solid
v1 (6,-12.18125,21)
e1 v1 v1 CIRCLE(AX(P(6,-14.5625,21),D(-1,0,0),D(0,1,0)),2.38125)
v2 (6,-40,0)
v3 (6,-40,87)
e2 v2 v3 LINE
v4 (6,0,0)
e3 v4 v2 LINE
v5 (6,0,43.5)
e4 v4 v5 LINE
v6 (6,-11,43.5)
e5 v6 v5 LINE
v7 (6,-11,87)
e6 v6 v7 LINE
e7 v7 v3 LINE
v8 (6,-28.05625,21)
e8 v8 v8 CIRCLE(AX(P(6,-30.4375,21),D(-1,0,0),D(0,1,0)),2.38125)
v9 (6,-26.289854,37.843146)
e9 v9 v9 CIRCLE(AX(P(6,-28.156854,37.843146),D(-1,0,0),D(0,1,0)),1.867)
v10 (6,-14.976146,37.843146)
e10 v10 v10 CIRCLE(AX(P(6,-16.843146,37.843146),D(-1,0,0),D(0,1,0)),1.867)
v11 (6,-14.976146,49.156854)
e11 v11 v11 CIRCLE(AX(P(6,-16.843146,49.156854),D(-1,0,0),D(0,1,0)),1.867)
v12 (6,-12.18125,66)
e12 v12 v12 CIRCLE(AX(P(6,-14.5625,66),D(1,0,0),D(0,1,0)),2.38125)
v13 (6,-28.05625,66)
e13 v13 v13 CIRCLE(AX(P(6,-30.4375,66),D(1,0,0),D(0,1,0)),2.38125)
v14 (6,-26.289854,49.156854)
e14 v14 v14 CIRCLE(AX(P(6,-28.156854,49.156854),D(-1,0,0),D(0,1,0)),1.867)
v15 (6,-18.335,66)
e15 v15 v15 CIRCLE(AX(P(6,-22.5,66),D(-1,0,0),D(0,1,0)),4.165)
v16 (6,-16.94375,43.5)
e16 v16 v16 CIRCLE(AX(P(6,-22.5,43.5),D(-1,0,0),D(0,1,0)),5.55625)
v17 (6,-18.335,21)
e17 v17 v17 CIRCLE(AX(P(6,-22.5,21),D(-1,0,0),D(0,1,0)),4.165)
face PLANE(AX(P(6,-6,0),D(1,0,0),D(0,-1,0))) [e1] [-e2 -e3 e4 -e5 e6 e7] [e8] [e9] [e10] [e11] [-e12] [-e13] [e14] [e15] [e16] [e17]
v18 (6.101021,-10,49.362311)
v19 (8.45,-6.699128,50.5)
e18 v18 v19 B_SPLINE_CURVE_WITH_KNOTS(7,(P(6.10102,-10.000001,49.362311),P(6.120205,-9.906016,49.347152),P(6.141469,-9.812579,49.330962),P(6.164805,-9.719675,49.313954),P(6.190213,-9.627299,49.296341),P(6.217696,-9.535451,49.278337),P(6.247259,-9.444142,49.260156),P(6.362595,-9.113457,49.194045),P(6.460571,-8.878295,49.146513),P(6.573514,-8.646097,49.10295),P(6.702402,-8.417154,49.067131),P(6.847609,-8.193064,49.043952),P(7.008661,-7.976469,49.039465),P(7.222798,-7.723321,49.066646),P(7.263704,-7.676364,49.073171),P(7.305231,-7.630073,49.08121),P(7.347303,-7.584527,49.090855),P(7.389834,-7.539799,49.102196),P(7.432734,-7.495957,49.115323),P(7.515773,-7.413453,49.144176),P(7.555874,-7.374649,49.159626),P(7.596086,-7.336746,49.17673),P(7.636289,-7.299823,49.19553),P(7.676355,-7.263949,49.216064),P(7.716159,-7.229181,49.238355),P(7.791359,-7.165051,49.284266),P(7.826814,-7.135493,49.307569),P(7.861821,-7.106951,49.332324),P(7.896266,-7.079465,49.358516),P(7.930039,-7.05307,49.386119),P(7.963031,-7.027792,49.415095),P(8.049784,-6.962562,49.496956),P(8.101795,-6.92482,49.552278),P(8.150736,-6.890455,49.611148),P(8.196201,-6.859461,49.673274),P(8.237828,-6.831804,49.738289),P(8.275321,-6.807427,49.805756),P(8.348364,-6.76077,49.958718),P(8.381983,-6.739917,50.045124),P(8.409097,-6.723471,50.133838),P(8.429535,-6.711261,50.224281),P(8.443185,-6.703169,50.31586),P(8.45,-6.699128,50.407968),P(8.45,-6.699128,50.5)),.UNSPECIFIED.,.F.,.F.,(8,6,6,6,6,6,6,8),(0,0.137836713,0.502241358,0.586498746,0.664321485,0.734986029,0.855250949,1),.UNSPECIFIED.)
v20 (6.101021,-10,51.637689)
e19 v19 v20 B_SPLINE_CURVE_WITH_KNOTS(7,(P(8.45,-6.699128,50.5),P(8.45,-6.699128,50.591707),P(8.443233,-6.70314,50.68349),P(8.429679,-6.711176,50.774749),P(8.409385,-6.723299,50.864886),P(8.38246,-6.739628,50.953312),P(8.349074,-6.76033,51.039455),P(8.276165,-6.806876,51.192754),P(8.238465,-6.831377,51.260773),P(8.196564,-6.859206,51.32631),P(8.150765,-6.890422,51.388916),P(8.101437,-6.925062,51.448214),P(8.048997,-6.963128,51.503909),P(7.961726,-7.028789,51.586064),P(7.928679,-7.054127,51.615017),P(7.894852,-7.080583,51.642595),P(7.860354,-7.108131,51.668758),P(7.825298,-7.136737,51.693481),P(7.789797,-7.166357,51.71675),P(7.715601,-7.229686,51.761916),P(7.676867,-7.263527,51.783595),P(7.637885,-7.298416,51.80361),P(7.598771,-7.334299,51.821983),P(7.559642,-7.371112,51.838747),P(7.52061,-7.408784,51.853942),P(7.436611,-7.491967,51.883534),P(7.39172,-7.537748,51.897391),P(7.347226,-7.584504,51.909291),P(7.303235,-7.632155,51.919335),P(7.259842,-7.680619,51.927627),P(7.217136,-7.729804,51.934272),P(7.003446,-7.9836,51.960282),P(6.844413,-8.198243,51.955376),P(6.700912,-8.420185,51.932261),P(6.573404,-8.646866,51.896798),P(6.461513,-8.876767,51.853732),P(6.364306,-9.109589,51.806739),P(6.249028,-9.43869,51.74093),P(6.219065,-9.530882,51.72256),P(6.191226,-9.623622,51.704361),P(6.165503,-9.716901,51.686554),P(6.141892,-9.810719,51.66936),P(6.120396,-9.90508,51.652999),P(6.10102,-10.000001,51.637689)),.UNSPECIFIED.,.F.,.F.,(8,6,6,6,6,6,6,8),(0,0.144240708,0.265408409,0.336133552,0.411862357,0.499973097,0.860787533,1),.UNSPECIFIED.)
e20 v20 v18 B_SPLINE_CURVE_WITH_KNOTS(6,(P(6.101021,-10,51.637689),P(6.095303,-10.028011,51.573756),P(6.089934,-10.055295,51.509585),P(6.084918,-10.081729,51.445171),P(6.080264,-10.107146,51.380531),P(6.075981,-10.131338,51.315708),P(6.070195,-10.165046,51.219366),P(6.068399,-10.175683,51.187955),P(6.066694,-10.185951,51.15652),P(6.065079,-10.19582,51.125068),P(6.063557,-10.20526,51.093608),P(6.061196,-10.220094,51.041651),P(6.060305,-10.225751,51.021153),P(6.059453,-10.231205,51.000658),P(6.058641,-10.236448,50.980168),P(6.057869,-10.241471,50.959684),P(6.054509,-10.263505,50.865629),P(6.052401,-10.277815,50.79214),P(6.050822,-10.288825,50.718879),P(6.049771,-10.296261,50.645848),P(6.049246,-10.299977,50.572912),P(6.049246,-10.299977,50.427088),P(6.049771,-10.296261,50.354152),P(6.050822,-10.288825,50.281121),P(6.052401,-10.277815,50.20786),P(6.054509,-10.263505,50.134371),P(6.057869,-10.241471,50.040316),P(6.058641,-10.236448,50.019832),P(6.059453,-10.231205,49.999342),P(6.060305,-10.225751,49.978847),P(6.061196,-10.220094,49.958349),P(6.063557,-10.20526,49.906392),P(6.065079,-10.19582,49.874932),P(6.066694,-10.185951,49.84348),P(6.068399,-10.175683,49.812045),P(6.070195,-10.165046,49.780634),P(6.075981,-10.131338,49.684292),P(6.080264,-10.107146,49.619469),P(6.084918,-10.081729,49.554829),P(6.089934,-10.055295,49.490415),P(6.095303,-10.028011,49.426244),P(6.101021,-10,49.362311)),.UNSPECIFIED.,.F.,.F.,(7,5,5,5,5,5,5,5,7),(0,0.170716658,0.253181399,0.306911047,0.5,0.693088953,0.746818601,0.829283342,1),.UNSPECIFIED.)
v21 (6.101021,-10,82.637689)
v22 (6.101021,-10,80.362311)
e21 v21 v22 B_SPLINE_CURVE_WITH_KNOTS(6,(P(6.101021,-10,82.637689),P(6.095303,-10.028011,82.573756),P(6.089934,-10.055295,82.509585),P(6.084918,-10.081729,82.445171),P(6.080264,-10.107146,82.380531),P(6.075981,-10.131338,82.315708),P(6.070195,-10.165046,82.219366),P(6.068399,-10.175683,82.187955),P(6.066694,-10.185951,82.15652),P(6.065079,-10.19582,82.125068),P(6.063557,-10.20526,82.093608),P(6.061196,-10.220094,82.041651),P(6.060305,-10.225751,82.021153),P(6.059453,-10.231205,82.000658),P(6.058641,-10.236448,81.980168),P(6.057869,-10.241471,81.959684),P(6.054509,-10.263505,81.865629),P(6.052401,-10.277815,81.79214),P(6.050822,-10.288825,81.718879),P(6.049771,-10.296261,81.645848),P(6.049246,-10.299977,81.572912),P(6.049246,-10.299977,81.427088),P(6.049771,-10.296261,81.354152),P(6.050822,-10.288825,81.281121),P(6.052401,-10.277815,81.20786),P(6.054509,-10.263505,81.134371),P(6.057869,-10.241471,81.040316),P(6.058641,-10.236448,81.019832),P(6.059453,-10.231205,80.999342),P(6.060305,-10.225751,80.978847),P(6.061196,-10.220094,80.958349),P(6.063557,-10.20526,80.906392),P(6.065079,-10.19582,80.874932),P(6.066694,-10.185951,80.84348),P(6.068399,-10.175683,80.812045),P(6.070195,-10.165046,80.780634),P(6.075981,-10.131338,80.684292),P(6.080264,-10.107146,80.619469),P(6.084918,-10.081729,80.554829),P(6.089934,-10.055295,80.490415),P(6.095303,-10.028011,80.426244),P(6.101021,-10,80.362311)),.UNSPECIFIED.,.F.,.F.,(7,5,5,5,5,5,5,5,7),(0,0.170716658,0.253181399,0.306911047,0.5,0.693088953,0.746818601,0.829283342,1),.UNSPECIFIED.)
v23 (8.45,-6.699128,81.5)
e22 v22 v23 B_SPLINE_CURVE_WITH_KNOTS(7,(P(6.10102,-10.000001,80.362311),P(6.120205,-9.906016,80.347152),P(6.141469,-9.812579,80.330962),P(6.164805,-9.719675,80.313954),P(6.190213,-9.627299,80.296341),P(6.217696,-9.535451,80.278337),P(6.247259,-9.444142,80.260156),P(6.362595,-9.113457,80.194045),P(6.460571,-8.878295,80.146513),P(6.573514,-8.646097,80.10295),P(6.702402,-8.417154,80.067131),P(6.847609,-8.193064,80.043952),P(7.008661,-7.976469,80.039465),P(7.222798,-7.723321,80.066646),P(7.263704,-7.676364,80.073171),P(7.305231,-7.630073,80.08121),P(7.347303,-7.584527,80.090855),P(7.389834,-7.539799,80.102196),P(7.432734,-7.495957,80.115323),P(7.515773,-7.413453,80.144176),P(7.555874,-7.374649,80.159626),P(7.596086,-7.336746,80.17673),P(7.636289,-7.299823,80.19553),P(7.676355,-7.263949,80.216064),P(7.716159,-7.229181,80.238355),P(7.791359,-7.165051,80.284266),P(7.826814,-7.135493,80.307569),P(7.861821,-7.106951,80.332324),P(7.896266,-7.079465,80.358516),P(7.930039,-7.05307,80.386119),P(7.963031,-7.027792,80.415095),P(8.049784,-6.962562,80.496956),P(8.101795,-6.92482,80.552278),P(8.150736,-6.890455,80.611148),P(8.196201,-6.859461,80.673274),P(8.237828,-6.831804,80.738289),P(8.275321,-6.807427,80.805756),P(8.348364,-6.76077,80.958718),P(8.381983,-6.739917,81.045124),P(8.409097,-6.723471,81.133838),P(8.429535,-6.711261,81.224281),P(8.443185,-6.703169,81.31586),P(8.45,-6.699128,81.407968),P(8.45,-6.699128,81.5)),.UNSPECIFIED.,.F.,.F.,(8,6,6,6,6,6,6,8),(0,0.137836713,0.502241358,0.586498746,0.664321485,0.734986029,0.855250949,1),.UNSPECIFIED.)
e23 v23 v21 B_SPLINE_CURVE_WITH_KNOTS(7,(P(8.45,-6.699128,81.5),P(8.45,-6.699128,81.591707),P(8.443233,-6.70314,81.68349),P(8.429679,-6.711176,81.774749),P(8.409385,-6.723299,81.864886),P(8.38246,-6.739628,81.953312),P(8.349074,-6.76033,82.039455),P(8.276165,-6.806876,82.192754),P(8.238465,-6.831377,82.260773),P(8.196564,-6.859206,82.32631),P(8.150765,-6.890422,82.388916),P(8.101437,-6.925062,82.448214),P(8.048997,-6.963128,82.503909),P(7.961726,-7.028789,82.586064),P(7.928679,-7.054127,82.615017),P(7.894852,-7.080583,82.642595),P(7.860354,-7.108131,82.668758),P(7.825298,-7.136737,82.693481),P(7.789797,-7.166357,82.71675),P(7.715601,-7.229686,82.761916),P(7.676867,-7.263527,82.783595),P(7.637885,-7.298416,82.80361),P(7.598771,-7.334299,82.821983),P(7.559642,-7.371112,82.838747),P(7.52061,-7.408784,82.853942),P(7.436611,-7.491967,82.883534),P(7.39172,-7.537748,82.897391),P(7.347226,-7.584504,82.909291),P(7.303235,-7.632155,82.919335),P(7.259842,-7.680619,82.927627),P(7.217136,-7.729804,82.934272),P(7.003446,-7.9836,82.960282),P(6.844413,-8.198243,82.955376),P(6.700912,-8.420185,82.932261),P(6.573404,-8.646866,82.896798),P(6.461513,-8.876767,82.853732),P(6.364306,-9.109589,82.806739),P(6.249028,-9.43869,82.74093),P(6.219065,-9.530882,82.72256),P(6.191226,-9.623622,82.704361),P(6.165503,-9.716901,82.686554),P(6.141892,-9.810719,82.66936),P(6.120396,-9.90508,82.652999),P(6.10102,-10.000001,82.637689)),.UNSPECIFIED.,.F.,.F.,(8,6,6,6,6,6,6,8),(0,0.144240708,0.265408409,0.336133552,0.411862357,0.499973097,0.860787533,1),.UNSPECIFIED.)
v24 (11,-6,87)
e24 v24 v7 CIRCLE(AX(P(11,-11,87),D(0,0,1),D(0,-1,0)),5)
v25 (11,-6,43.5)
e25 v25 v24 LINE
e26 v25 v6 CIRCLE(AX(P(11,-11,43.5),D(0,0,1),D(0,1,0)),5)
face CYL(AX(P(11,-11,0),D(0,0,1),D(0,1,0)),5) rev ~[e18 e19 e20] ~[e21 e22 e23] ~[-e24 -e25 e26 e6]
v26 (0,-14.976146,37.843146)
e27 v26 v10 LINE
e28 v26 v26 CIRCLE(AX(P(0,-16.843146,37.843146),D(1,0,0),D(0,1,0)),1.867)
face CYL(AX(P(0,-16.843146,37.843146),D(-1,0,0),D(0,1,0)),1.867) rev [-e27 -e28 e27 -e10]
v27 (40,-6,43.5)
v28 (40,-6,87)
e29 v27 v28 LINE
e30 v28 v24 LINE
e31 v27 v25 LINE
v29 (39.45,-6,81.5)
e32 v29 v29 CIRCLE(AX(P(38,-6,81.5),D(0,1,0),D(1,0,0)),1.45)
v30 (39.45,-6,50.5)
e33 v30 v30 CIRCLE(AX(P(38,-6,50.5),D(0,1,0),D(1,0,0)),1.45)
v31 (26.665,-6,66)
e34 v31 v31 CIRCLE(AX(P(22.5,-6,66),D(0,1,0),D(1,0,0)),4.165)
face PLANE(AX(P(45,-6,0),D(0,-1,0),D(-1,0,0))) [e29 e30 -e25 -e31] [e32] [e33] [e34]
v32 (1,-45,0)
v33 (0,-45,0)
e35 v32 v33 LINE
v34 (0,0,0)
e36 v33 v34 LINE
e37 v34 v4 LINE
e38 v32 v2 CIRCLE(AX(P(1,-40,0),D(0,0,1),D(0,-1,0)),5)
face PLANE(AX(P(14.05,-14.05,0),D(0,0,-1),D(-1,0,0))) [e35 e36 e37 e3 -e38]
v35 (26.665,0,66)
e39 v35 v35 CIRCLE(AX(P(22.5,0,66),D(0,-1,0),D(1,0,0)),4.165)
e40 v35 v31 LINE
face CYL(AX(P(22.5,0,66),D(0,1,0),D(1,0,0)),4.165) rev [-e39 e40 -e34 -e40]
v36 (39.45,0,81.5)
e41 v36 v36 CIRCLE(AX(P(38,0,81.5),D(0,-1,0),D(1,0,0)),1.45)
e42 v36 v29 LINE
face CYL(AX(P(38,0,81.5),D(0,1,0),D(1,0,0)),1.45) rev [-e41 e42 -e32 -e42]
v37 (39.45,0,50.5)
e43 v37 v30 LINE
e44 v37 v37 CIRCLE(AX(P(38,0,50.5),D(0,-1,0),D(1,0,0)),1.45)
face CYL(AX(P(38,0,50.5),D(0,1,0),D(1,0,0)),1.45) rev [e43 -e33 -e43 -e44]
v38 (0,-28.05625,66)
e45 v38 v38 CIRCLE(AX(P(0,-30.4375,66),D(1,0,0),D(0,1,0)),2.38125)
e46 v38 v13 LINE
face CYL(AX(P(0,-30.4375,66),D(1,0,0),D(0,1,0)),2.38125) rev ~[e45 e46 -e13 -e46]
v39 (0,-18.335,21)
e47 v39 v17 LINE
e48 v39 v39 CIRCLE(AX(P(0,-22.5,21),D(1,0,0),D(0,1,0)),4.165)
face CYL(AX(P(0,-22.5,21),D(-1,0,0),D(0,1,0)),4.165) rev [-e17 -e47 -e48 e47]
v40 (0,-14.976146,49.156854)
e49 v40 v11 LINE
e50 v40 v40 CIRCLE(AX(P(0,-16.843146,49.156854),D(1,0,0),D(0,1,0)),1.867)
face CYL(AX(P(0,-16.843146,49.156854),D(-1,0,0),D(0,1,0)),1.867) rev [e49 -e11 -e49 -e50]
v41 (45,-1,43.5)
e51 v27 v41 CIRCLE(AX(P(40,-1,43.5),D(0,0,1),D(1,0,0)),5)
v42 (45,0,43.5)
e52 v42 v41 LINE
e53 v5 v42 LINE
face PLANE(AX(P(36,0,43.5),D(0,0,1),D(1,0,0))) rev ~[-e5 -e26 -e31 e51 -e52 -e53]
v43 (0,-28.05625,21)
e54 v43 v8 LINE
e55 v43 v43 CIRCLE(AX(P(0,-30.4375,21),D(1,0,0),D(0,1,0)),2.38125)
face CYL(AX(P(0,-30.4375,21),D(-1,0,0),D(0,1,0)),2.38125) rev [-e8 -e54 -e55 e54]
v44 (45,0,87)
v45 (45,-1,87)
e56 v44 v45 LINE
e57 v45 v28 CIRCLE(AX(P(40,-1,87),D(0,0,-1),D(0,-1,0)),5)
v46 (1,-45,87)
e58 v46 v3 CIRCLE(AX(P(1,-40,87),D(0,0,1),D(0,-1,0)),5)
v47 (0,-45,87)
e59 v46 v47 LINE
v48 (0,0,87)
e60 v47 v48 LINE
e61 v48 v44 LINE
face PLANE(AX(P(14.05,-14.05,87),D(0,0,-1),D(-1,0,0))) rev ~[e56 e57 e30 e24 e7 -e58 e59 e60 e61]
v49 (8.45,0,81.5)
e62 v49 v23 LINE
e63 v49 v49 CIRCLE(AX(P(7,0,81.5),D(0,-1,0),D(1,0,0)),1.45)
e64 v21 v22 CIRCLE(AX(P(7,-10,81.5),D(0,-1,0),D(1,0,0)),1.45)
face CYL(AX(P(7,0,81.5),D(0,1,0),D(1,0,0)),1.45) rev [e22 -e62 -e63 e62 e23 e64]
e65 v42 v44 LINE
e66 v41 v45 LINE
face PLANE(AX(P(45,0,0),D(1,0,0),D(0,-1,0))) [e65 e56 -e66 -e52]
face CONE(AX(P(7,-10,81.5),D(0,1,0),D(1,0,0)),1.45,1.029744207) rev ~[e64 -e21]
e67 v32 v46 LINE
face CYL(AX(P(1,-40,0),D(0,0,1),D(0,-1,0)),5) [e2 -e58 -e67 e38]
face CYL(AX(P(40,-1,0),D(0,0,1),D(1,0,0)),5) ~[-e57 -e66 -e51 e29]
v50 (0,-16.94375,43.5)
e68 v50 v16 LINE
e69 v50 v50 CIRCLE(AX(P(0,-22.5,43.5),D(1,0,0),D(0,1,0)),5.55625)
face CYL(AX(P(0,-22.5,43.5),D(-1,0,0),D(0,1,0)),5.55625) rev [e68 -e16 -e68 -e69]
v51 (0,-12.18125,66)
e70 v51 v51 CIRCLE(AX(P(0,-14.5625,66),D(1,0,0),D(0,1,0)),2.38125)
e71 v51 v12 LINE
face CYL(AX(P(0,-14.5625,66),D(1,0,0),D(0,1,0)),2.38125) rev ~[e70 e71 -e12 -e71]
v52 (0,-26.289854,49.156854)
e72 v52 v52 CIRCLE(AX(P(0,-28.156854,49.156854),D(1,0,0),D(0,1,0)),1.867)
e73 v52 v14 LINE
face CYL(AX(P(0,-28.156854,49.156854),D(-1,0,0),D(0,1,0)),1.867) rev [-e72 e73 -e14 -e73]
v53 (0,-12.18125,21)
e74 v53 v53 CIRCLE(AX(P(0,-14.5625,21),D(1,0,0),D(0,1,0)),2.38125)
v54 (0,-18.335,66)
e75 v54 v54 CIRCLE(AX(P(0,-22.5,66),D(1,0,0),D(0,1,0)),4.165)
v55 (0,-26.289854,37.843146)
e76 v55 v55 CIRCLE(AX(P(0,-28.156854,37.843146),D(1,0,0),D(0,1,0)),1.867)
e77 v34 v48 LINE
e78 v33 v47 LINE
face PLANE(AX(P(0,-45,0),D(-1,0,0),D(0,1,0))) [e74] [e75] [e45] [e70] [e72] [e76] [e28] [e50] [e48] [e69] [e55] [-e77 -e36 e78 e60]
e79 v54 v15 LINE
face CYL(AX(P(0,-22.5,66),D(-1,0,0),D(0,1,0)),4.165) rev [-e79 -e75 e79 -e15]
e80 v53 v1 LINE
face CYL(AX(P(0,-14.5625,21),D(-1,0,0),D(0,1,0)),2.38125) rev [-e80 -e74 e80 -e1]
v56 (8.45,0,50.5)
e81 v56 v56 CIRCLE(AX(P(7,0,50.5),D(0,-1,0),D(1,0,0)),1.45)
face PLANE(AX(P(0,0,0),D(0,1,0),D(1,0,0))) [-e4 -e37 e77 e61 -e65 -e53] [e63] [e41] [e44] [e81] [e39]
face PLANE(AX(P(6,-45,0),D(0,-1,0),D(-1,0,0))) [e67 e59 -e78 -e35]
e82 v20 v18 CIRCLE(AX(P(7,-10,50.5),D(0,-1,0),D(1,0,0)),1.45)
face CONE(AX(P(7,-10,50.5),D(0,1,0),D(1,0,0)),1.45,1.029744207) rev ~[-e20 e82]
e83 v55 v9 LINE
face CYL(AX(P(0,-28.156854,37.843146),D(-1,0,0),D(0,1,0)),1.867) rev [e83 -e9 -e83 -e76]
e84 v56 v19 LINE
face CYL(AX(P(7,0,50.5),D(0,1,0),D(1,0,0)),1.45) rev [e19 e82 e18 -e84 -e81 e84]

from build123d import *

# Parameters (mm, degrees)
PAD_DEPTH            = 87
SKETCH001_R          = 4.165
POCKET_DEPTH         = 0.001
POCKET_DEPTH_BACK    = 45.001
SKETCH002_R          = 4.165
POCKET001_DEPTH      = 0.001
POCKET001_DEPTH_BACK = 45.001
FILLET_R             = 5
SKETCH004_R          = 2.38125
POCKET002_DEPTH      = 0.001
POCKET002_DEPTH_BACK = 45.001
LINEARPATTERN_COUNT  = 2
LINEARPATTERN_PITCH  = 45
SKETCH005_R          = 5.55625
SKETCH005_R_2        = 1.867
POCKET003_DEPTH      = 0.001
POCKET003_DEPTH_BACK = 45.001
SKETCH006_R          = 1.45
HOLE_DEPTH           = 10
HOLE_TIPS_R          = 1.45
SKETCH007_W          = 60
SKETCH007_H          = 60
POCKET004_DEPTH      = 43.5


with BuildPart() as part:
    # Sketch → Pad (new body)
    with BuildSketch(Plane.XY):
        Polygon((0, 0), (45, 0), (45, -6), (6, -6), (6, -45), (0, -45), align=None)
    extrude(amount=PAD_DEPTH)

    # Sketch001 → Pocket (cut, two sides)
    with BuildSketch(Plane.YZ) as pocket_sk:
        with Locations((-22.5, 21)):
            Circle(SKETCH001_R)
        with Locations((-22.5, 66)):
            Circle(SKETCH001_R)
    extrude(amount=-POCKET_DEPTH, mode=Mode.SUBTRACT)
    extrude(pocket_sk.sketch, amount=POCKET_DEPTH_BACK, mode=Mode.SUBTRACT)

    # Sketch002 → Pocket001 (cut, two sides)
    with BuildSketch(Plane.XZ) as pocket001_sk:
        with Locations((22.5, 66)):
            Circle(SKETCH002_R)
        with Locations((22.5, 21)):
            Circle(SKETCH002_R)
    extrude(amount=-POCKET001_DEPTH, mode=Mode.SUBTRACT)
    extrude(pocket001_sk.sketch, amount=POCKET001_DEPTH_BACK, mode=Mode.SUBTRACT)

    # Fillet
    fillet_edges = [part.edges().sort_by_distance(p)[0] for p in [
        (6, -45, 43.5),
        (45, -6, 43.5),
        (6, -6, 43.5),
    ]]
    fillet(fillet_edges, radius=FILLET_R)

    # Sketch004 → Pocket002 (cut, two sides)
    with BuildSketch(Plane.YZ) as pocket002_sk:
        with Locations((-14.5625, 21)):
            Circle(SKETCH004_R)
        with Locations((-30.4375, 21)):
            Circle(SKETCH004_R)
    pocket002 = extrude(amount=-POCKET002_DEPTH, mode=Mode.SUBTRACT) + extrude(pocket002_sk.sketch, amount=POCKET002_DEPTH_BACK, mode=Mode.SUBTRACT)

    # LinearPattern: Pocket002 ×2
    with Locations(*[(0, 0, i * LINEARPATTERN_PITCH) for i in range(1, LINEARPATTERN_COUNT)]):
        add(pocket002, mode=Mode.SUBTRACT)

    # Sketch005 → Pocket003 (cut, two sides)
    with BuildSketch(Plane.YZ) as pocket003_sk:
        with Locations((-22.5, 43.5)):
            Circle(SKETCH005_R)
        with Locations((-28.156854, 49.156854)):
            Circle(SKETCH005_R_2)
        with Locations((-16.843146, 37.843146)):
            Circle(SKETCH005_R_2)
        with Locations((-16.843146, 49.156854)):
            Circle(SKETCH005_R_2)
        with Locations((-28.156854, 37.843146)):
            Circle(SKETCH005_R_2)
    extrude(amount=-POCKET003_DEPTH, mode=Mode.SUBTRACT)
    extrude(pocket003_sk.sketch, amount=POCKET003_DEPTH_BACK, mode=Mode.SUBTRACT)

    # Sketch006 → Hole (cut)
    with BuildSketch(Plane.XZ):
        with Locations((7, 81.5)):
            Circle(SKETCH006_R)
        with Locations((38, 81.5)):
            Circle(SKETCH006_R)
        with Locations((38, 50.5)):
            Circle(SKETCH006_R)
        with Locations((7, 50.5)):
            Circle(SKETCH006_R)
    extrude(amount=HOLE_DEPTH, mode=Mode.SUBTRACT)

    # Hole tips → Hole tip 1 section 0
    with BuildSketch(Plane.XZ.offset(10), mode=Mode.PRIVATE) as hole_tip_1_s0:
        with Locations((7, 81.5)):
            Circle(HOLE_TIPS_R)
    loft([hole_tip_1_s0.sketch, Vertex(7, -10.871248, 81.5)], mode=Mode.SUBTRACT)

    # Hole tips → Hole tip 2 section 0
    with BuildSketch(Plane.XZ.offset(10), mode=Mode.PRIVATE) as hole_tip_2_s0:
        with Locations((38, 81.5)):
            Circle(HOLE_TIPS_R)
    loft([hole_tip_2_s0.sketch, Vertex(38, -10.871248, 81.5)], mode=Mode.SUBTRACT)

    # Hole tips → Hole tip 3 section 0
    with BuildSketch(Plane.XZ.offset(10), mode=Mode.PRIVATE) as hole_tip_3_s0:
        with Locations((38, 50.5)):
            Circle(HOLE_TIPS_R)
    loft([hole_tip_3_s0.sketch, Vertex(38, -10.871248, 50.5)], mode=Mode.SUBTRACT)

    # Hole tips → Hole tip 4 section 0
    with BuildSketch(Plane.XZ.offset(10), mode=Mode.PRIVATE) as hole_tip_4_s0:
        with Locations((7, 50.5)):
            Circle(HOLE_TIPS_R)
    loft([hole_tip_4_s0.sketch, Vertex(7, -10.871248, 50.5)], mode=Mode.SUBTRACT)

    # Sketch007 → Pocket004 (cut)
    with BuildSketch(Plane.XY):
        with Locations((36, 0)):
            Rectangle(SKETCH007_W, SKETCH007_H)
    extrude(amount=POCKET004_DEPTH, mode=Mode.SUBTRACT)


solid = part.part
